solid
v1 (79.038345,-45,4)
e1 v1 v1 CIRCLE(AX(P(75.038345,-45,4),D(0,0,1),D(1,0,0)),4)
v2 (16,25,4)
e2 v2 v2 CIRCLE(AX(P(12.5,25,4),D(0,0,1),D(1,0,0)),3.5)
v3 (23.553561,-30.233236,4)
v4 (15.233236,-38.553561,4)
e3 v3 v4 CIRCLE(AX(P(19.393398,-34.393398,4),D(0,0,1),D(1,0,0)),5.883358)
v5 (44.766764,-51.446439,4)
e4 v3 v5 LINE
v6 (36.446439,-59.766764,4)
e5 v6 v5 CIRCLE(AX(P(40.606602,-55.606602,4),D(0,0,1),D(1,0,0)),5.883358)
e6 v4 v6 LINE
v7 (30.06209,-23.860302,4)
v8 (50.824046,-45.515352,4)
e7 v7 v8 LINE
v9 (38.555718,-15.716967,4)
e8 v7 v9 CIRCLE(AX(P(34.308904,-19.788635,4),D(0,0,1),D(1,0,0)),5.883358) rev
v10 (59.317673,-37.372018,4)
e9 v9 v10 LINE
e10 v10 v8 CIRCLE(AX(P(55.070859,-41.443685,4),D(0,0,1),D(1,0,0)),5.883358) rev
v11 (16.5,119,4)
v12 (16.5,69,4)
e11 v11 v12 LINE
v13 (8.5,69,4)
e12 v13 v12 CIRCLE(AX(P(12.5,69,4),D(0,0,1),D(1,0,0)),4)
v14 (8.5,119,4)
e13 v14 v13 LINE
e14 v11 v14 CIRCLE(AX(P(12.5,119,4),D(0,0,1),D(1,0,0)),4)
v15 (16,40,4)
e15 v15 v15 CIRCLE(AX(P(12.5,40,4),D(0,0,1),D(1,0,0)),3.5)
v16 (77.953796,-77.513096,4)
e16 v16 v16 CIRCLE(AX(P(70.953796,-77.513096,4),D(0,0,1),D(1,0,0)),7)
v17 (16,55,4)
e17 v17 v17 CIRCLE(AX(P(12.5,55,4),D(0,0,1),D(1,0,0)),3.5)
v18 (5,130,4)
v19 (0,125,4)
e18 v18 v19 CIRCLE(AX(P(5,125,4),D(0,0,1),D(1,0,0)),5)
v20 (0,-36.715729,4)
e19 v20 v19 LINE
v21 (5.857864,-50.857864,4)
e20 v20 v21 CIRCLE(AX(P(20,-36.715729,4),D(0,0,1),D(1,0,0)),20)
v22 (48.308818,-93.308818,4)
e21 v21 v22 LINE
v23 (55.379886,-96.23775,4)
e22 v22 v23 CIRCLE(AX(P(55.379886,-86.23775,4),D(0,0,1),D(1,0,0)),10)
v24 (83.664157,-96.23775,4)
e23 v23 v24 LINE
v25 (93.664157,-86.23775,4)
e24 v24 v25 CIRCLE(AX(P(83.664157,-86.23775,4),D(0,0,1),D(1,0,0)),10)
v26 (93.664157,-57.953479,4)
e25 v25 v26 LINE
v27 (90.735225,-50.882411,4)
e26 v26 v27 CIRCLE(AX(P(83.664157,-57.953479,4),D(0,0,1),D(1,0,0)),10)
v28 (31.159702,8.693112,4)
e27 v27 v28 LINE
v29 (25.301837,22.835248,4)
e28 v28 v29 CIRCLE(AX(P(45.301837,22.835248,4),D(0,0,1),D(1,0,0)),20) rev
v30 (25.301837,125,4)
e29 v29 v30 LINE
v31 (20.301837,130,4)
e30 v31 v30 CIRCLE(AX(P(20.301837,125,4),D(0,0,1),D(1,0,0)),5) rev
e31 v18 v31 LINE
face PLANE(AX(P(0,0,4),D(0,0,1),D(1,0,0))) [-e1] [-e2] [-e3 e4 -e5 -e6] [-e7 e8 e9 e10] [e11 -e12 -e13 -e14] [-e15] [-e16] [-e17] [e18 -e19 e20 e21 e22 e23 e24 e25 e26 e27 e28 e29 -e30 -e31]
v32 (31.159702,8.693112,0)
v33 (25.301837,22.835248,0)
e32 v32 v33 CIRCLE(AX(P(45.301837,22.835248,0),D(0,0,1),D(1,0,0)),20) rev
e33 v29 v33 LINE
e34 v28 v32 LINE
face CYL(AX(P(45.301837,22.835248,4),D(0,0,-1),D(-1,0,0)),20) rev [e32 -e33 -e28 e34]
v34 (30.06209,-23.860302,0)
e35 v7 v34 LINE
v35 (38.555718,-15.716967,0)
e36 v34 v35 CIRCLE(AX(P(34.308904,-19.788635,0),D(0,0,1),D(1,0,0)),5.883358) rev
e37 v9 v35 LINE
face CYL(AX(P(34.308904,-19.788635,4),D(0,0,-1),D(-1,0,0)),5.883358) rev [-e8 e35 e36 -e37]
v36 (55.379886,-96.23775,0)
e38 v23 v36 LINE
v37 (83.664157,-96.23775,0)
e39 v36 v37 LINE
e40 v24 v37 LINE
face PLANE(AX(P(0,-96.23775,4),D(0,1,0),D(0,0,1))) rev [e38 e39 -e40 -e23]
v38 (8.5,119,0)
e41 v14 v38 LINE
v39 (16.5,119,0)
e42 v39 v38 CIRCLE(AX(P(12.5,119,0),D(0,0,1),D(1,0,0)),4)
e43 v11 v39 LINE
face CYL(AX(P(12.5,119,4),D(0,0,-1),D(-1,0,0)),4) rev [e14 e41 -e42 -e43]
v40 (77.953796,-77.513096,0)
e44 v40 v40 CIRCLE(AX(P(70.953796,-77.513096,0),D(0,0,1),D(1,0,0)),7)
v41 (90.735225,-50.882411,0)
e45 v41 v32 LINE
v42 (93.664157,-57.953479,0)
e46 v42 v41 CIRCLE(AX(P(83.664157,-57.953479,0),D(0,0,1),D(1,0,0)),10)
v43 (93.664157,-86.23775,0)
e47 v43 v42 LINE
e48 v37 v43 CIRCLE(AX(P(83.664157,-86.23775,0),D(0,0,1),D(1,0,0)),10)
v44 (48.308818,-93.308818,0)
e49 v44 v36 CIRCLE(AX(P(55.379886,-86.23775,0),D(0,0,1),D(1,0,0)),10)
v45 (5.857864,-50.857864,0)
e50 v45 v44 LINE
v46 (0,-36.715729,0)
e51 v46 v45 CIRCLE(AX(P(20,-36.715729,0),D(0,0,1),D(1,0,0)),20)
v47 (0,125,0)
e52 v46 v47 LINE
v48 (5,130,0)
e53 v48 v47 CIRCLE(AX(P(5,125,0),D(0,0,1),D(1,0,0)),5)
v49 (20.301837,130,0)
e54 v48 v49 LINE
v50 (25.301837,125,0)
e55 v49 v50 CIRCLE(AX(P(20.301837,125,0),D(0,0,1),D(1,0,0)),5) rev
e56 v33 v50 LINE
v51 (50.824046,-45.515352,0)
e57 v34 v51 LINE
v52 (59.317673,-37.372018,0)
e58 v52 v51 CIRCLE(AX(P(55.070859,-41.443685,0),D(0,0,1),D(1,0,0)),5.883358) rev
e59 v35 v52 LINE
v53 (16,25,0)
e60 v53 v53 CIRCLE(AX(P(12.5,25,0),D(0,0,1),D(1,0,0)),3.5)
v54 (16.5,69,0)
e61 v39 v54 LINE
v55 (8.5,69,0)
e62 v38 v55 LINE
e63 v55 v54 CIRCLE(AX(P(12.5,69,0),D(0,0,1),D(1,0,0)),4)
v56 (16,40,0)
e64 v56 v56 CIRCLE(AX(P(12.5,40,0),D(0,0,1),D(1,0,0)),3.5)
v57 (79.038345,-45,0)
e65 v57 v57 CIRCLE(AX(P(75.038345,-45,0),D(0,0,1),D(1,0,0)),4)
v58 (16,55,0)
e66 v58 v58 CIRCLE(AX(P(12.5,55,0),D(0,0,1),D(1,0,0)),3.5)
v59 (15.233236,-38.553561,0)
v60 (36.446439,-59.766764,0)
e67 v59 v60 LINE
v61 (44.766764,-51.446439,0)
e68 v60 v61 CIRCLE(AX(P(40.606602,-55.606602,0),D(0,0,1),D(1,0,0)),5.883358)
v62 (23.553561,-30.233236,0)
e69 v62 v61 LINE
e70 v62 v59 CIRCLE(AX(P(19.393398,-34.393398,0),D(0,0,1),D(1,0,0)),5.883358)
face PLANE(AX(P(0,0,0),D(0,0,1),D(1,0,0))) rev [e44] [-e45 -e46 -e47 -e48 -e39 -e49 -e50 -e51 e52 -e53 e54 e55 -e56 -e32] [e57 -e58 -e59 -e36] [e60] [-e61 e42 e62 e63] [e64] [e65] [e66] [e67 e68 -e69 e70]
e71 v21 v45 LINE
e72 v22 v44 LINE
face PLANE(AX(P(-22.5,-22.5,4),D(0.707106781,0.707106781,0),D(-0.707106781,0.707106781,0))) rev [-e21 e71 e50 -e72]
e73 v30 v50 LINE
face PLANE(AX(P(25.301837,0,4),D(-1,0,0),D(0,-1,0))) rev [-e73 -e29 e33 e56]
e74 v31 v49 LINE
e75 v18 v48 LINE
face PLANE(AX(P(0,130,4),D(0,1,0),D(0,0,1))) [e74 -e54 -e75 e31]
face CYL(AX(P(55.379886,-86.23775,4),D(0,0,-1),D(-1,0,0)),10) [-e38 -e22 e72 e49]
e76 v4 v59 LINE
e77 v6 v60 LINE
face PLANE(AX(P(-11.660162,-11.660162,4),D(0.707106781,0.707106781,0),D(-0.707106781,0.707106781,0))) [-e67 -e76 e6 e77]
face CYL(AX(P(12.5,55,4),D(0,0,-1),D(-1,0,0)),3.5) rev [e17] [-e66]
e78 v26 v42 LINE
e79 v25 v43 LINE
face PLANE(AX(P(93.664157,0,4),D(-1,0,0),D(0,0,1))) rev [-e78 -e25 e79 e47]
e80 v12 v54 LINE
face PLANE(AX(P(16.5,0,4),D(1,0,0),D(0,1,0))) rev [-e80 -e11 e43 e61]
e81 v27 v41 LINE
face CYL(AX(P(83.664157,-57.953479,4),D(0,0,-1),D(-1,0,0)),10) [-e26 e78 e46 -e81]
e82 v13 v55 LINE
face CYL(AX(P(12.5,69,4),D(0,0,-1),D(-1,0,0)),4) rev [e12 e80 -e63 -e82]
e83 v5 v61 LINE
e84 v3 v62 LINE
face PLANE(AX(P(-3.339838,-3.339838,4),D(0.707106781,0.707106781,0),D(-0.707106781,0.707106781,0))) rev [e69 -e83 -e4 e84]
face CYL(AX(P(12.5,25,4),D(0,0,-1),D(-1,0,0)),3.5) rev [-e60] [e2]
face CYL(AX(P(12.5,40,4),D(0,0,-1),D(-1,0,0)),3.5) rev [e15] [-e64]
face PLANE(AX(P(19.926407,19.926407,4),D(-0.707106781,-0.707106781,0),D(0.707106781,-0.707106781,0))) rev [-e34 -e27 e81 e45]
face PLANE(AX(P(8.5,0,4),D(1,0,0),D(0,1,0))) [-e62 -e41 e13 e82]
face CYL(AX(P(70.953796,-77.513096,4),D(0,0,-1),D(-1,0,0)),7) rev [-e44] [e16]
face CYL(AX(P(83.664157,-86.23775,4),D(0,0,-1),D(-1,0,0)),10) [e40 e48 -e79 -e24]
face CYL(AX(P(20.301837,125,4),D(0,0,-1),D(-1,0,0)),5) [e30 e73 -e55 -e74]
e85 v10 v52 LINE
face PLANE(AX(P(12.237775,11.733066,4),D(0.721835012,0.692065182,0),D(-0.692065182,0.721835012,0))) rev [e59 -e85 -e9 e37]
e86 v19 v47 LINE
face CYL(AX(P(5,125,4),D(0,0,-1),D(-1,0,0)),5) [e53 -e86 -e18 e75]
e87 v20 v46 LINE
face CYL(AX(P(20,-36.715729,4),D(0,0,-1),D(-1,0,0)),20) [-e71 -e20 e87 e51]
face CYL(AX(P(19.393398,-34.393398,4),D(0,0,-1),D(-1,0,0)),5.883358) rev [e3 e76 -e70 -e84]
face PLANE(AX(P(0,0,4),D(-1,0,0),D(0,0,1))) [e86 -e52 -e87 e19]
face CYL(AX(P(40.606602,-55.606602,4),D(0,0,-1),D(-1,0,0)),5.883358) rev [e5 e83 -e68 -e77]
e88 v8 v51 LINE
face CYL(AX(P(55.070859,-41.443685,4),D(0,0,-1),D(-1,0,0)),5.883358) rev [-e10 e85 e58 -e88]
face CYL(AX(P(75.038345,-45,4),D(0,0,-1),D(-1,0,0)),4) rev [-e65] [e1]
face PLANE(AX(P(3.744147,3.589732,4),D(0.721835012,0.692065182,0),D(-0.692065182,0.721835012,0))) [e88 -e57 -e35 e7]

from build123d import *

# Parameters (mm, degrees)
SKETCH1_R           = 3.5
SKETCH1_R_2         = 7
SKETCH1_R_3         = 4
BOSS_EXTRUDE1_DEPTH = 4


with BuildPart() as part:
    # Sketch1 → Boss-Extrude1 (new body)
    with BuildSketch(Plane.XY):
        with BuildLine():
            Line((55.379885617, -96.237749993), (83.664156864, -96.237749993))
            ThreePointArc((83.664156864, -96.237749993), (90.735224676, -93.308817805), (93.664156864, -86.237749993))
            Line((93.664156864, -86.237749993), (93.664156864, -57.953478746))
            ThreePointArc((93.664156864, -57.953478746), (92.902952189, -54.126644422), (90.735224676, -50.882410934))
            Line((90.735224676, -50.882410934), (31.159701747, 8.693111995))
            ThreePointArc((31.159701747, 8.693111995), (26.824246721, 15.181578972), (25.301837371, 22.835247619))
            Line((25.301837371, 22.835247619), (25.301837371, 125))
            ThreePointArc((25.301837371, 125), (23.837371277, 128.535533906), (20.301837371, 130))
            Line((20.301837371, 130), (5, 130))
            ThreePointArc((5, 130), (1.464466094, 128.535533906), (0, 125))
            Line((0, 125), (0, 5))
            Line((0, 5), (0, -36.715728753))
            ThreePointArc((0, -36.715728753), (1.52240935, -44.3693974), (5.857864376, -50.857864376))
            Line((5.857864376, -50.857864376), (48.308817805, -93.308817805))
            ThreePointArc((48.308817805, -93.308817805), (51.553051293, -95.476545318), (55.379885617, -96.237749993))
        make_face()
        with Locations((12.5, 55)):
            Circle(SKETCH1_R, mode=Mode.SUBTRACT)
        with Locations((12.5, 40)):
            Circle(SKETCH1_R, mode=Mode.SUBTRACT)
        with Locations((12.5, 25)):
            Circle(SKETCH1_R, mode=Mode.SUBTRACT)
        with Locations((70.953796111, -77.513095535)):
            Circle(SKETCH1_R_2, mode=Mode.SUBTRACT)
        with Locations((75.03834495, -45)):
            Circle(SKETCH1_R_3, mode=Mode.SUBTRACT)
        with BuildLine():
            Line((38.555717556, -15.716967459), (59.317673007, -37.372017813))
            ThreePointArc((59.317673007, -37.372017813), (59.142526441, -45.690498717), (50.824045538, -45.515352151))
            Line((50.824045538, -45.515352151), (30.062090086, -23.860301797))
            ThreePointArc((30.062090086, -23.860301797), (30.237236652, -15.541820893), (38.555717556, -15.716967459))
        make_face(mode=Mode.SUBTRACT)
        with BuildLine():
            ThreePointArc((8.5, 69), (12.5, 65), (16.5, 69))
            Line((16.5, 69), (16.5, 119))
            ThreePointArc((16.5, 119), (12.5, 123), (8.5, 119))
            Line((8.5, 119), (8.5, 69))
        make_face(mode=Mode.SUBTRACT)
        with BuildLine():
            ThreePointArc((36.446439435, -59.766764), (44.766764, -59.766764), (44.766764, -51.446439435))
            Line((44.766764, -51.446439435), (23.553560565, -30.233236))
            ThreePointArc((23.553560565, -30.233236), (15.233236, -30.233236), (15.233236, -38.553560565))
            Line((15.233236, -38.553560565), (36.446439435, -59.766764))
        make_face(mode=Mode.SUBTRACT)
    extrude(amount=BOSS_EXTRUDE1_DEPTH)


solid = part.part
